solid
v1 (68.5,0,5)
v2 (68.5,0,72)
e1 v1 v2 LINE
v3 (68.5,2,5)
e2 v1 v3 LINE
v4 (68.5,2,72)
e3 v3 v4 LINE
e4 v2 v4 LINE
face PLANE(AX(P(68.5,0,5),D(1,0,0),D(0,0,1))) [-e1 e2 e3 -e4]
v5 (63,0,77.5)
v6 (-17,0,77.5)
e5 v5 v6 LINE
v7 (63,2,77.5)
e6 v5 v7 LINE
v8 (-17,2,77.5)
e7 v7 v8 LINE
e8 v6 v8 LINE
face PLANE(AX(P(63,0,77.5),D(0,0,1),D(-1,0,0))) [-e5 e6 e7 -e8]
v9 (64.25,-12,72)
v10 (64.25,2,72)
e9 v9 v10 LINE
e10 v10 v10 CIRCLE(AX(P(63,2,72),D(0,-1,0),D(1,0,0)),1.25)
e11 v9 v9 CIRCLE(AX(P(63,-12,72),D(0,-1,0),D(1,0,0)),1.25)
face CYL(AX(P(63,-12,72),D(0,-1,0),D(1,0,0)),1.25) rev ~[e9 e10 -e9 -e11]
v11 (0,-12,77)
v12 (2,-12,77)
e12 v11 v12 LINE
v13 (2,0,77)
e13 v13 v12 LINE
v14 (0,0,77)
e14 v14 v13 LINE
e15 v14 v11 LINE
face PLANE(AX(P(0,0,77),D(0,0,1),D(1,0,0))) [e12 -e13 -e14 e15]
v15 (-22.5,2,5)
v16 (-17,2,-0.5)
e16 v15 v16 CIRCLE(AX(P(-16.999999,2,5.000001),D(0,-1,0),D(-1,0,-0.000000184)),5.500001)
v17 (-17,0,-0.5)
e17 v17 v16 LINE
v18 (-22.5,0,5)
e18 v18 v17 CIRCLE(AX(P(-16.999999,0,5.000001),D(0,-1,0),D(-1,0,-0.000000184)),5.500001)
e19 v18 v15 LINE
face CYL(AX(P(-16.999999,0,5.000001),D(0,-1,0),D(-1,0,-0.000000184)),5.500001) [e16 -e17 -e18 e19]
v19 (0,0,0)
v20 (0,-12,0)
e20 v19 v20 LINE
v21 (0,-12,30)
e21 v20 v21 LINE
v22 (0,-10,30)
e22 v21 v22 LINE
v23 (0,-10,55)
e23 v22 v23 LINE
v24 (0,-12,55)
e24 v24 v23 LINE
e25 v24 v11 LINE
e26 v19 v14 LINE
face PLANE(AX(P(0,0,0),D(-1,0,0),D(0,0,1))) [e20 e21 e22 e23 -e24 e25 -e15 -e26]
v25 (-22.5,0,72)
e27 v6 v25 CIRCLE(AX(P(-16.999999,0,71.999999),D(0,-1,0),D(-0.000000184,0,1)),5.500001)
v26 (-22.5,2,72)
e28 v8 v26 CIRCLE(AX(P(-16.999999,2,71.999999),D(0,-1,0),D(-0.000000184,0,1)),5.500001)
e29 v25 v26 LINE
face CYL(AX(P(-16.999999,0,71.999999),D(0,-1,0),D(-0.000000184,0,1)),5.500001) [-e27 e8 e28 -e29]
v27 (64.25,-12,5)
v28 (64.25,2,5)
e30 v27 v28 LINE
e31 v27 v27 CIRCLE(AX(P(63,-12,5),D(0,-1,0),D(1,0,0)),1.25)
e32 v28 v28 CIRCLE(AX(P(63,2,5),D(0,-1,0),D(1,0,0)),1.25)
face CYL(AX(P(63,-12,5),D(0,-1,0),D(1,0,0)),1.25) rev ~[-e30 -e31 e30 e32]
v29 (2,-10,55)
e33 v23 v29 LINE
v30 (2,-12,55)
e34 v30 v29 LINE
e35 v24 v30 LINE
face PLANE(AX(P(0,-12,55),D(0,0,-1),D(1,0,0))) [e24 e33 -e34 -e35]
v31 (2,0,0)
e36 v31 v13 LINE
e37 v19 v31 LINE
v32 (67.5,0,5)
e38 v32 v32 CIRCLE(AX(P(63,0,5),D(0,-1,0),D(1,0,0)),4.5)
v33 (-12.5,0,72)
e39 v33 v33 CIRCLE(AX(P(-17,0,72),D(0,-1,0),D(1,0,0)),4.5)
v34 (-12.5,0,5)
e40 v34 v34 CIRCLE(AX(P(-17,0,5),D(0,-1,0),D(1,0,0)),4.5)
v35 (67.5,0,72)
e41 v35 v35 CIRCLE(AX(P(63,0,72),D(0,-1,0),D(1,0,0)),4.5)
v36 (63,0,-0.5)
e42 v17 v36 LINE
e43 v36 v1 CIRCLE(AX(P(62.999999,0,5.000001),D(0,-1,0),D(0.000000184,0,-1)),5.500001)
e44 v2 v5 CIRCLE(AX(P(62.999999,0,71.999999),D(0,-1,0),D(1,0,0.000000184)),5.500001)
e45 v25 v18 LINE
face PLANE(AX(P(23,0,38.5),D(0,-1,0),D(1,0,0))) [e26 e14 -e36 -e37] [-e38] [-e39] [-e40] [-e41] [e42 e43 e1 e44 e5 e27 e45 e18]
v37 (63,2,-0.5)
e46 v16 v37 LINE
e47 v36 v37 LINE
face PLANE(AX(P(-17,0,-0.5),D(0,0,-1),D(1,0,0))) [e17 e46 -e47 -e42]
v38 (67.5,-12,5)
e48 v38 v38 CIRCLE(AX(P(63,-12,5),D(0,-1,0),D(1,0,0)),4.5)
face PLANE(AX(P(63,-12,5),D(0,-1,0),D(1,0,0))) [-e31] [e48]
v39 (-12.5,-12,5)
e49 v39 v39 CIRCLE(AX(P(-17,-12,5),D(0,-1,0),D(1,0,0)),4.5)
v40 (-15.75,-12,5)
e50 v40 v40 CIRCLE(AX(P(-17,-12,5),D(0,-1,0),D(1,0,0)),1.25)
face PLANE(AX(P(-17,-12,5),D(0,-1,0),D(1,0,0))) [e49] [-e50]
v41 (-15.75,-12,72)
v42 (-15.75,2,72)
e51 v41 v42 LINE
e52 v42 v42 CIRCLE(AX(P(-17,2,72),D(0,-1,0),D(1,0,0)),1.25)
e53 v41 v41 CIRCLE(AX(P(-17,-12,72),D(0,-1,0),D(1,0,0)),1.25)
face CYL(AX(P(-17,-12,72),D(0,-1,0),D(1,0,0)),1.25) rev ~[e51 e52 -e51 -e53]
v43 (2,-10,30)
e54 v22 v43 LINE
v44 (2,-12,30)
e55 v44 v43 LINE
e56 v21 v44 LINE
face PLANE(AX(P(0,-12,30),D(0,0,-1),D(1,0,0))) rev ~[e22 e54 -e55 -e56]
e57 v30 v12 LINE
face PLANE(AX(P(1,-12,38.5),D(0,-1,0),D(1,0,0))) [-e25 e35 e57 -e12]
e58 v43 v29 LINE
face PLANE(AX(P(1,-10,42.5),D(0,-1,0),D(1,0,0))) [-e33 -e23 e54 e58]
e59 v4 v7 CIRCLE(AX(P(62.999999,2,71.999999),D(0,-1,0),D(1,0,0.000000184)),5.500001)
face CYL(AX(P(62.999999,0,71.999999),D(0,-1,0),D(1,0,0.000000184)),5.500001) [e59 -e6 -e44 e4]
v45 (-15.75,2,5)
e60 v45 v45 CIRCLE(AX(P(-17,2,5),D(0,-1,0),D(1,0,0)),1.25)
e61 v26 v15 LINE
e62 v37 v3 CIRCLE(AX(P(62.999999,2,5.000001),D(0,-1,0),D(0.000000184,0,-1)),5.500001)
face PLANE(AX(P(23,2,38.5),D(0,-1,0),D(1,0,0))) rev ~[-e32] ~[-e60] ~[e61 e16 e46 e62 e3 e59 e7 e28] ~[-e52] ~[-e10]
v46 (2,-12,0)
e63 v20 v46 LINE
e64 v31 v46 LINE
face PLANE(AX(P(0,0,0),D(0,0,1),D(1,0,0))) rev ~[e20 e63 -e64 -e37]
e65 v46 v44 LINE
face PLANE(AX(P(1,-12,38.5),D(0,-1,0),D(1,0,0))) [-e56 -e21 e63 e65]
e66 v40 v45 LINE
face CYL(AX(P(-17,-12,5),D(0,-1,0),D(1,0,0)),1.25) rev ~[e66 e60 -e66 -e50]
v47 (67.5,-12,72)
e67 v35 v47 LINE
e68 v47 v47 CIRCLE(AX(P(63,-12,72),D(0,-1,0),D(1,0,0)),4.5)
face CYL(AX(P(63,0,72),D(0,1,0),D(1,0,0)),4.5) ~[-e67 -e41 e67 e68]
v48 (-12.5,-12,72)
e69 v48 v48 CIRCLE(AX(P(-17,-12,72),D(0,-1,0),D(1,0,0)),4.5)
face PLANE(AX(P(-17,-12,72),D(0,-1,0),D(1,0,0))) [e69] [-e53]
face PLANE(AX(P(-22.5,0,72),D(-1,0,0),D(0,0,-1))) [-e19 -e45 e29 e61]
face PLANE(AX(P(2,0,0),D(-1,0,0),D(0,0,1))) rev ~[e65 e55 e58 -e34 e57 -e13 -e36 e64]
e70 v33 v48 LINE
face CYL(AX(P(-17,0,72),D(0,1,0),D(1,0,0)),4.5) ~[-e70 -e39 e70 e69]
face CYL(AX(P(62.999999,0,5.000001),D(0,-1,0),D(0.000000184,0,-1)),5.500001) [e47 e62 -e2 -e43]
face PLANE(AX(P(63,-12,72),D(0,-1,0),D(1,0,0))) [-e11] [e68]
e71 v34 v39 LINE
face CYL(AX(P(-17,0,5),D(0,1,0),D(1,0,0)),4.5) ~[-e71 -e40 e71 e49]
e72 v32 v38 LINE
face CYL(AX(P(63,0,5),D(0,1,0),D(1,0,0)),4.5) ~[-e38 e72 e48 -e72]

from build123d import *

# Parameters (mm, degrees)
F1_DEPTH = 2
F2_R     = 4.5
F2_W     = 2
F2_H     = 77
F3_DEPTH = 12
F4_R     = 1.25
F5_DEPTH = 25
F6_W     = 2
F6_H     = 25
F7_DEPTH = 2


with BuildPart() as f1:
    # F0 (on Front) → F1 (new body)
    with BuildSketch(Plane.XZ):
        with BuildLine():
            Line((63, 77.5), (-17, 77.5))
            ThreePointArc((-17, 77.5), (-20.889087, 75.889087), (-22.5, 72))
            Line((-22.5, 72), (-22.5, 5))
            ThreePointArc((-22.5, 5), (-20.889087, 1.110913), (-17, -0.5))
            Line((-17, -0.5), (63, -0.5))
            ThreePointArc((63, -0.5), (66.889087, 1.110913), (68.5, 5))
            Line((68.5, 5), (68.5, 72))
            ThreePointArc((68.5, 72), (66.889087, 75.889087), (63, 77.5))
        make_face()
    extrude(amount=-F1_DEPTH)

    # F2 (on Front) → F3 (join)
    with BuildSketch(Plane.XZ):
        with Locations((-17, 72)):
            Circle(F2_R)
        with Locations((63, 72)):
            Circle(F2_R)
        with Locations((-17, 5)):
            Circle(F2_R)
        with Locations((63, 5)):
            Circle(F2_R)
        with Locations((1, 38.5)):
            Rectangle(F2_W, F2_H)
    extrude(amount=F3_DEPTH)

    # F4 (on face) → F5 (cut)
    with BuildSketch(Plane.XZ.offset(12)):
        with Locations((-17, 72)):
            Circle(F4_R)
        with Locations((63, 72)):
            Circle(F4_R)
        with Locations((63, 5)):
            Circle(F4_R)
        with Locations((-17, 5)):
            Circle(F4_R)
    extrude(amount=-F5_DEPTH, mode=Mode.SUBTRACT)

    # F6 (on face) → F7 (cut)
    with BuildSketch(Plane.XZ.offset(12)):
        with Locations((1, 42.5)):
            Rectangle(F6_W, F6_H)
    extrude(amount=-F7_DEPTH, mode=Mode.SUBTRACT)


solid = f1.part
